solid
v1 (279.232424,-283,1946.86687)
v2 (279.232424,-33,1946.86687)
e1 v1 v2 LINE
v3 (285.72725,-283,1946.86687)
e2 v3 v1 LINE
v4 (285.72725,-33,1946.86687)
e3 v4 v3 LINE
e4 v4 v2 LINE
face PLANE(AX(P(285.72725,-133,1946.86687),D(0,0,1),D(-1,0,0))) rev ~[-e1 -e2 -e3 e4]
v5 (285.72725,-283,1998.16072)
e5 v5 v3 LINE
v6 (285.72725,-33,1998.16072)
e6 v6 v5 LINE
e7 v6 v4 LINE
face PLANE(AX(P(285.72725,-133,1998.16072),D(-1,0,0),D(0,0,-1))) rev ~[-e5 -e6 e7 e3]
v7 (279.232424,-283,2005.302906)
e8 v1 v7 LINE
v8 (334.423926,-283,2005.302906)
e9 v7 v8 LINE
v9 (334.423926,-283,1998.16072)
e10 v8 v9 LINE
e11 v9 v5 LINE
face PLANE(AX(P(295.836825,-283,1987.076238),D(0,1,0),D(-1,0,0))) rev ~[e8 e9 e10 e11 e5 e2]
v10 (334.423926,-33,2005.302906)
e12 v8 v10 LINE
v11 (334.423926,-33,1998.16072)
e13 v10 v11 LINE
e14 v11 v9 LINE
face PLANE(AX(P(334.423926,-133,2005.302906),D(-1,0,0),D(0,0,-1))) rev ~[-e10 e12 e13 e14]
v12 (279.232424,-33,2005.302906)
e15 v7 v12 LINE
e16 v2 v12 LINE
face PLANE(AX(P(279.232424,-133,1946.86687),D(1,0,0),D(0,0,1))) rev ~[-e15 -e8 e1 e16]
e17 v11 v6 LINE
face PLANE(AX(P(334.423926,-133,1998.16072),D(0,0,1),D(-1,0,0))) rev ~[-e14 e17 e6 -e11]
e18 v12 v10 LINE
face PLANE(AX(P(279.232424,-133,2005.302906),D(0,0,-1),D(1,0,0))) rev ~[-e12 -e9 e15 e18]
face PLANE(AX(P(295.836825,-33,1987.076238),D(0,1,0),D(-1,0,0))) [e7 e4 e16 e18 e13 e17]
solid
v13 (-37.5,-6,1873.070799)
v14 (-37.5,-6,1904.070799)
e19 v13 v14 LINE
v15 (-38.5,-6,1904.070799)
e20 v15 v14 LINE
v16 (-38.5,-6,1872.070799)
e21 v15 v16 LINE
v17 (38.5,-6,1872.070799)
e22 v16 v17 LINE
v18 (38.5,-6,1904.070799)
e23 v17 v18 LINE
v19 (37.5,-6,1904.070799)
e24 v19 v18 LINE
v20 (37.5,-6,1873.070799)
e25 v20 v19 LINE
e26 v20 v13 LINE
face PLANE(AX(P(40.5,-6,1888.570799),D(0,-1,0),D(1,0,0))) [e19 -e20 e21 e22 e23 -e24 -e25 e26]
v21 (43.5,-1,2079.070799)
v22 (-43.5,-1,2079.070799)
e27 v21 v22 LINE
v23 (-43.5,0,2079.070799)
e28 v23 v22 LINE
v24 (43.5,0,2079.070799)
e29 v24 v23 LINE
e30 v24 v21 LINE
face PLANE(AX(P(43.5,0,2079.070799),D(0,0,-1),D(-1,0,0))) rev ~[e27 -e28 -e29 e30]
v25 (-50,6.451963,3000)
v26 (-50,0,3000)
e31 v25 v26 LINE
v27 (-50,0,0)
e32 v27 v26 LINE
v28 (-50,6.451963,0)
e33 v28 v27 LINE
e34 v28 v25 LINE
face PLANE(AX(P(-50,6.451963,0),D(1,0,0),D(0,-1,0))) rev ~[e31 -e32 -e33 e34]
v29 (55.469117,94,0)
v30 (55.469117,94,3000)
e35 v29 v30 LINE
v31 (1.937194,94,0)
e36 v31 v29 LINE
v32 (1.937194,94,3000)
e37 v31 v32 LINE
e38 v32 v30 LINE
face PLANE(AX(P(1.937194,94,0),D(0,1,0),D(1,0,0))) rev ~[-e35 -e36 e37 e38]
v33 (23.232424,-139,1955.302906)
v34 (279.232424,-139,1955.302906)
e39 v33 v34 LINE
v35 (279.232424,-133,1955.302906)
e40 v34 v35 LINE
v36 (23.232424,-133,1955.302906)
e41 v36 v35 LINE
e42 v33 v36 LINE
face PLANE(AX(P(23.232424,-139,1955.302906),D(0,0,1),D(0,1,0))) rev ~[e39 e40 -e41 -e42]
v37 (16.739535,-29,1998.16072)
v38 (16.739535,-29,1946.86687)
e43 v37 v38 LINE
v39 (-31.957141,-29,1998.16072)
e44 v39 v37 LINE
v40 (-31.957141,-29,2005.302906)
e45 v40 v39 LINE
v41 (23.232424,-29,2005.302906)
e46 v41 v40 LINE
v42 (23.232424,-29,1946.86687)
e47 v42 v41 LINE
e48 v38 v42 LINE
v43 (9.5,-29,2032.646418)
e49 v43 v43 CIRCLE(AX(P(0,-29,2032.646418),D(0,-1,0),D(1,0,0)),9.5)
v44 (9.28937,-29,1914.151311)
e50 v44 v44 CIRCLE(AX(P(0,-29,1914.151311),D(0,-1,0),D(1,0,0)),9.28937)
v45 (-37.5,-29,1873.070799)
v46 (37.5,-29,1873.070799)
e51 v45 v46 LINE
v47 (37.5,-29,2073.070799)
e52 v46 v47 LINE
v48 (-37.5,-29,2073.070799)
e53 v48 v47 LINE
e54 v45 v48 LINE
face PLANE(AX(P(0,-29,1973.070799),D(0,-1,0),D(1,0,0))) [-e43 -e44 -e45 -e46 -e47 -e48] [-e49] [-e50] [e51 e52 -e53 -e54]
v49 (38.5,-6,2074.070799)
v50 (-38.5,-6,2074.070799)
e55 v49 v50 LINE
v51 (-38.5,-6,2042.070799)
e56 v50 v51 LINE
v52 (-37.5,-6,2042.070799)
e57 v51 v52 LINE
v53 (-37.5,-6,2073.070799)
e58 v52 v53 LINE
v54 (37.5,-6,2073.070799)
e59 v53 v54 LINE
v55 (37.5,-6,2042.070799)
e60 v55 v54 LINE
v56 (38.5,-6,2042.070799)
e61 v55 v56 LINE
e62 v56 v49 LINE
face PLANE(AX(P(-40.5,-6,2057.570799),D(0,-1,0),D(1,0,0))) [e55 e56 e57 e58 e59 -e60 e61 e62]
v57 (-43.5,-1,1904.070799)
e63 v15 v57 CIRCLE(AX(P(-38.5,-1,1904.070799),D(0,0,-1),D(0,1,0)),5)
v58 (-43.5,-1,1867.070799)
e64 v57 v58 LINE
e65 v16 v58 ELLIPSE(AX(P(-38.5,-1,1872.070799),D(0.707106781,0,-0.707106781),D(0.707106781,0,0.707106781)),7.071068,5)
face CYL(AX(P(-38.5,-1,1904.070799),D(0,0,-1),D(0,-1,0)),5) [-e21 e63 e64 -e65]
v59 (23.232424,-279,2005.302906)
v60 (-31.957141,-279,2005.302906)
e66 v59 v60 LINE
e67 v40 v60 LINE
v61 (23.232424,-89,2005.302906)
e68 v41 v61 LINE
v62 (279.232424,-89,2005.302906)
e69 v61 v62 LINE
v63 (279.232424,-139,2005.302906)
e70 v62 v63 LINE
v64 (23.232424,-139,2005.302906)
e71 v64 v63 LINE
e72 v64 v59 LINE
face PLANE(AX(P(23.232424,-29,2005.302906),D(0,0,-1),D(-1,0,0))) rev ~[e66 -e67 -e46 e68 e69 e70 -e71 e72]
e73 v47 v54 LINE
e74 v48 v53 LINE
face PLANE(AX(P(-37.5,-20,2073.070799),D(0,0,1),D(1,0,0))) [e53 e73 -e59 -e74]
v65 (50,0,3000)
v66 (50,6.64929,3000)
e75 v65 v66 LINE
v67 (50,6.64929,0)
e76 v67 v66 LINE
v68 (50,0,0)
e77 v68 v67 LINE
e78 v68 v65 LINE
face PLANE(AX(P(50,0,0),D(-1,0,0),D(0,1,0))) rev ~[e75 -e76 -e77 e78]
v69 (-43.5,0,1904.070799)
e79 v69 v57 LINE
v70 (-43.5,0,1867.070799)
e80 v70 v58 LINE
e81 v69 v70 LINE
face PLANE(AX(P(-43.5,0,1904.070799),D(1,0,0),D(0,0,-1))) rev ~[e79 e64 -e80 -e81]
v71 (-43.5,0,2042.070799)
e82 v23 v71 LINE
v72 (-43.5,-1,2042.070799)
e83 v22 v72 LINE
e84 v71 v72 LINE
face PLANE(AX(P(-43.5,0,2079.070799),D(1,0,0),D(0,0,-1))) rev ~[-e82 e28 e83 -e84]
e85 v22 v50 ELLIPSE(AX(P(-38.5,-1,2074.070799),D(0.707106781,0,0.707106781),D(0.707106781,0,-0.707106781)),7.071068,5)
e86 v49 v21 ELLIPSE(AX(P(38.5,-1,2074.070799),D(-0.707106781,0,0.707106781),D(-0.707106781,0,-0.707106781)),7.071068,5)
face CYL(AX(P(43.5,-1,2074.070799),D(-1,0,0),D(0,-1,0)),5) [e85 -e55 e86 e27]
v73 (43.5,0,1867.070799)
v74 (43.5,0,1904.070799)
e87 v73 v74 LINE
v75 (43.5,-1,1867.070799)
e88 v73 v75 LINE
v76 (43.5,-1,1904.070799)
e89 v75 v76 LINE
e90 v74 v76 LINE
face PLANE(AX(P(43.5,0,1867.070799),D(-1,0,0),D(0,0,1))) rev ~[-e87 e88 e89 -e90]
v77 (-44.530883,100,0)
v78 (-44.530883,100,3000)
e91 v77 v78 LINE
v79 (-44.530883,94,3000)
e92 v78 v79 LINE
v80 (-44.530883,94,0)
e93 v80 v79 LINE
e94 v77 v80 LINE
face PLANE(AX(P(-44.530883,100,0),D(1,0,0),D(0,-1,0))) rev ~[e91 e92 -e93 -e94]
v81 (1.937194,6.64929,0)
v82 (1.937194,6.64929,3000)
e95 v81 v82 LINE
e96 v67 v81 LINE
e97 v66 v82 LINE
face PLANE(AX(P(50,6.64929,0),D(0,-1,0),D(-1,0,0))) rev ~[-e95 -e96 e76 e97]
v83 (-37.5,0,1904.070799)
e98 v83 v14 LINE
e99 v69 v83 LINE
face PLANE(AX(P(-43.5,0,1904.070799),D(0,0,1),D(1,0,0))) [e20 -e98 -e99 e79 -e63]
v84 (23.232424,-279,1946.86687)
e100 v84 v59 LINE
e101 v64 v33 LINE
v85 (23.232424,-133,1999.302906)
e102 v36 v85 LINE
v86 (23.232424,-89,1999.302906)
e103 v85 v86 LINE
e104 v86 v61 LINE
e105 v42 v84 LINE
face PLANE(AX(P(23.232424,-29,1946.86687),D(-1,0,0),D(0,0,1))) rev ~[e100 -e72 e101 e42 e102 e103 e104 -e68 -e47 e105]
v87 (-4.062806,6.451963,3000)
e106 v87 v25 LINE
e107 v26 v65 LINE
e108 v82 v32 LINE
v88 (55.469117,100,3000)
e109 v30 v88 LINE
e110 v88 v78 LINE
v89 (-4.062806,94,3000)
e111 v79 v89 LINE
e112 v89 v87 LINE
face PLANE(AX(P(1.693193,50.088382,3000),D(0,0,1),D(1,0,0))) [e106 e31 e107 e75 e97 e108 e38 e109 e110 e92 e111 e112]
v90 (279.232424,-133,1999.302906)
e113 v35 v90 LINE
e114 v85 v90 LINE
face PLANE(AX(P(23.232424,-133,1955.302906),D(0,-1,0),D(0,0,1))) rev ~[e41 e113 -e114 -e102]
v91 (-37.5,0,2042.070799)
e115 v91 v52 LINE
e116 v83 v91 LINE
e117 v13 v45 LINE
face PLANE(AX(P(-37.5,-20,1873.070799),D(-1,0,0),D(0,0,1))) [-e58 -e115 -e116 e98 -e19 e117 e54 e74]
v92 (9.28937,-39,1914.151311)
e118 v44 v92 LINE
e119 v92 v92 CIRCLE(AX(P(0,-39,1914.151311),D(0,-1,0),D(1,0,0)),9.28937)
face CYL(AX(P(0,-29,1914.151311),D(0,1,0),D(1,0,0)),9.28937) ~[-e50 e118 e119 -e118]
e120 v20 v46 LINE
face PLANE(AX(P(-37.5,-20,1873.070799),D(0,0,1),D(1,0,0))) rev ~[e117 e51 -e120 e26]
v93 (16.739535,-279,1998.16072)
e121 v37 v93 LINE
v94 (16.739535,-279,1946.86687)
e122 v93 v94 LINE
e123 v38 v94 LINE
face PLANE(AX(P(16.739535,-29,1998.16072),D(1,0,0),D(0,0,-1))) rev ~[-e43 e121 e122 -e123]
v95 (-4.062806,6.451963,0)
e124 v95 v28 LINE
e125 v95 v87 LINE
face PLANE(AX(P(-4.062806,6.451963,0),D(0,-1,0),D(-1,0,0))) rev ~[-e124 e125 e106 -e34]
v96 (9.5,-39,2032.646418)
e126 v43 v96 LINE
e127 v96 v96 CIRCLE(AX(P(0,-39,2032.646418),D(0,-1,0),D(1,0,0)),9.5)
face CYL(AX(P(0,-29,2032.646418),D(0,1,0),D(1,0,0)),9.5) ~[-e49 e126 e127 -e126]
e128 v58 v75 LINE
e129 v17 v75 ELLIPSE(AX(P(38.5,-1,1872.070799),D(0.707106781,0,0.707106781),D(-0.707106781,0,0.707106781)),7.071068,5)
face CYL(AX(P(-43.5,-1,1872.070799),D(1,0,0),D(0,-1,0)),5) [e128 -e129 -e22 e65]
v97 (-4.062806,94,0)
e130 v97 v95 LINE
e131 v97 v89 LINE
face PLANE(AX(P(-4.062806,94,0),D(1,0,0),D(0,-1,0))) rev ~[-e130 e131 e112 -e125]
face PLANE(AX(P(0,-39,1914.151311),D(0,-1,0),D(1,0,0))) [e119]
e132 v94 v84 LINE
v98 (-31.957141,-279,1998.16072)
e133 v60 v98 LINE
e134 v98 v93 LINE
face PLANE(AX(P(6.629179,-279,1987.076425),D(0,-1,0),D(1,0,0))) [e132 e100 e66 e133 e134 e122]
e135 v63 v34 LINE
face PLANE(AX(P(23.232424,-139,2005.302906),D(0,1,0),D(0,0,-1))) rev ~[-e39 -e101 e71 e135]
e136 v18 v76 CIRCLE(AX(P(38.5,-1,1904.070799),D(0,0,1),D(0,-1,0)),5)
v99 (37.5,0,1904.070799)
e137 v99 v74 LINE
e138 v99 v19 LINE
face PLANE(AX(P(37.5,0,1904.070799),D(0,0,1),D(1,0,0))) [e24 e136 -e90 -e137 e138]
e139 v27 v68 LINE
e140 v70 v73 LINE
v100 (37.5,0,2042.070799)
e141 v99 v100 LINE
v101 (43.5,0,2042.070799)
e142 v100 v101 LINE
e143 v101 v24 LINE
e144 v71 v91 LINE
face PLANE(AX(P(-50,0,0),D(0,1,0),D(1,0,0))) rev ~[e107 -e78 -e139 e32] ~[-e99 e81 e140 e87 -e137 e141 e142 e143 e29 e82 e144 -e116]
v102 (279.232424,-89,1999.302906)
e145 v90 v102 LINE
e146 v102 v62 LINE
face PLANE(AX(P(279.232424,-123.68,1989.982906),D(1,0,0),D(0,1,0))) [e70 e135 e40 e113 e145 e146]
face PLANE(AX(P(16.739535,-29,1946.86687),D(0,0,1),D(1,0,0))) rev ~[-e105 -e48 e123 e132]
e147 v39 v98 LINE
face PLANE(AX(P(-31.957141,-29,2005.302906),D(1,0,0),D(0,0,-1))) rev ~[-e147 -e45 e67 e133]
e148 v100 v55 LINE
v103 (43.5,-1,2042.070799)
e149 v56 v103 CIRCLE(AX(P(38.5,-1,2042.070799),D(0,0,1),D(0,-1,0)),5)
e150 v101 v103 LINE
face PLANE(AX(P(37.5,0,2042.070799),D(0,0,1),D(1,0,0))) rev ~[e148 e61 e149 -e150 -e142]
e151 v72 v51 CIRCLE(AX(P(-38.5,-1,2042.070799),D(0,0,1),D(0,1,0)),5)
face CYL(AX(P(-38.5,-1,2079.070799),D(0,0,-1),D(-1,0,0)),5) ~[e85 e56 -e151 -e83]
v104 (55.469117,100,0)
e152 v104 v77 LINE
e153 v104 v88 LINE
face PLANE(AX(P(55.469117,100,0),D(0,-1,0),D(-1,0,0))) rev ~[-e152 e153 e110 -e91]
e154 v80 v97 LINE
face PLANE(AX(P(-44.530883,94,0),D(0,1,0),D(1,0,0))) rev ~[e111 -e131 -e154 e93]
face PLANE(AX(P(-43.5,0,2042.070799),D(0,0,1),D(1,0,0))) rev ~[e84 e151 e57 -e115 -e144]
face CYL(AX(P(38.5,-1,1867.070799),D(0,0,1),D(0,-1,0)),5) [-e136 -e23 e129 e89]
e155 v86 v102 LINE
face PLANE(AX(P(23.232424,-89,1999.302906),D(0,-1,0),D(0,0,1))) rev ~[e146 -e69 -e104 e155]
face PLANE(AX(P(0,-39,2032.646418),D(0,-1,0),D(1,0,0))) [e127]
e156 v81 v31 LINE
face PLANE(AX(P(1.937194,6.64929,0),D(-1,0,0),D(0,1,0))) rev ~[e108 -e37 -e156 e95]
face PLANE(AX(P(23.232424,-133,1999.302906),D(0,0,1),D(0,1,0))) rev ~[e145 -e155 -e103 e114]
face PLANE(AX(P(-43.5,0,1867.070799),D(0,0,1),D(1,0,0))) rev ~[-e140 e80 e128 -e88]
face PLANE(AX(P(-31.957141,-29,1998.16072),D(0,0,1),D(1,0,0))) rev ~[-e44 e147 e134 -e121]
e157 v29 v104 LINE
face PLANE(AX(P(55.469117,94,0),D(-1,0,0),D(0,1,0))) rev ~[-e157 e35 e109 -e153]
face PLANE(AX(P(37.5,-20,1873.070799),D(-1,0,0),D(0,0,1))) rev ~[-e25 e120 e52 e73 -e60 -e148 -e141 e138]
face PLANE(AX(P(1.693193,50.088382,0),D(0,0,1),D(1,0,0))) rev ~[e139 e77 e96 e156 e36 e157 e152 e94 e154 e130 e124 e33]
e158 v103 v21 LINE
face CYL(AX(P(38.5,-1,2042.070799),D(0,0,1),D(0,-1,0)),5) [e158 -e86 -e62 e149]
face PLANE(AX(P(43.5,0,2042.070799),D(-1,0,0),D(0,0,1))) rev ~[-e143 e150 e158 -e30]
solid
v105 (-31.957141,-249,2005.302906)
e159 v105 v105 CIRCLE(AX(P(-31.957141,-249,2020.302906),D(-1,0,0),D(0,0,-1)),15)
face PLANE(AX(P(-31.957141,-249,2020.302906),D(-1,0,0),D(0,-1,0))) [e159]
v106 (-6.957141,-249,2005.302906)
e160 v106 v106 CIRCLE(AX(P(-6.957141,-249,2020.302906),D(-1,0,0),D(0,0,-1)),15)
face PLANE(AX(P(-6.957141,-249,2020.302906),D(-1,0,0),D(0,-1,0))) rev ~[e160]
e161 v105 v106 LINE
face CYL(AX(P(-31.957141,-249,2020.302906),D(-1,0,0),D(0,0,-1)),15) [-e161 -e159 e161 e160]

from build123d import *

# Parameters (mm, degrees)
F1_DEPTH       = 3000
F2_W           = 75
F2_H           = 200
F3_DEPTH       = 20
F4_W           = 75
F4_H           = 200
F5_DEPTH       = 9
F6_R           = 9.5
F6_R_2         = 9.2893697212
F7_DEPTH       = 10
F9_DEPTH       = 250
F11_DEPTH      = 256
F13_DEPTH      = 150
F13_DEPTH_BACK = 100
F14_W          = 6
F14_H          = 31
F15_DEPTH      = 6
F16_R          = 5
F18_DEPTH      = 25


with BuildPart() as f1:
    # F0 (on Top) → F1 (new body)
    with BuildSketch(Plane.XY):
        Polygon((50, 6.6492896937), (1.9371941397, 6.6492896937), (1.9371941397, 94), (55.4691165686, 94), (55.4691165686, 100), (-44.5308834314, 100), (-44.5308834314, 94), (-4.0628058603, 94), (-4.0628058603, 6.4519625157), (-50, 6.4519625157), (-50, 0), (50, 0), align=None)
    extrude(amount=F1_DEPTH)

    # F2 (on face) → F3 (join)
    with BuildSketch(Plane.XZ):
        with Locations((0, 1973.070799336)):
            Rectangle(F2_W, F2_H)
    extrude(amount=F3_DEPTH)

    # F4 (on face) → F5 (join)
    with BuildSketch(Plane.XZ.offset(20)):
        with Locations((0, 1973.070799336)):
            Rectangle(F4_W, F4_H)
    extrude(amount=F5_DEPTH)

    # F6 (on face) → F7 (join)
    with BuildSketch(Plane.XZ.offset(29)):
        with Locations((0, 2032.6464176178)):
            Circle(F6_R)
        with Locations((0, 1914.1513109207)):
            Circle(F6_R_2)
    extrude(amount=F7_DEPTH)

    # F8 (on face) → F9 (join)
    with BuildSketch(Plane.XZ.offset(29)):
        Polygon((16.7395353317, 1946.8668699265), (23.2324238867, 1946.8668699265), (23.2324238867, 2005.3029060364), (-31.9571409374, 2005.3029060364), (-31.9571409374, 1998.1607198715), (16.7395353317, 1998.1607198715), align=None)
    extrude(amount=F9_DEPTH)

    # F10 (on face) → F11 (join)
    with BuildSketch(Plane.YZ.offset(23.2324238867)):
        Polygon((-139, 1955.3029060364), (-133, 1955.3029060364), (-133, 1999.3029060364), (-89, 1999.3029060364), (-89, 2005.3029060364), (-139, 2005.3029060364), align=None)
    extrude(amount=F11_DEPTH)

    # F14 (on face) → F15 (join)
    with BuildSketch(Plane.XZ):
        with Locations((-40.5, 2057.570799336)):
            Rectangle(F14_W, F14_H)
        Polygon((-43.5, 2073.070799336), (-37.5, 2073.070799336), (37.5, 2073.070799336), (43.5, 2073.070799336), (43.5, 2079.070799336), (-43.5, 2079.070799336), align=None)
        with Locations((40.5, 2057.570799336)):
            Rectangle(F14_W, F14_H)
        with Locations((40.5, 1888.570799336)):
            Rectangle(F14_W, F14_H)
        Polygon((-37.5, 1873.070799336), (-43.5, 1873.070799336), (-43.5, 1867.070799336), (43.5, 1867.070799336), (43.5, 1873.070799336), (37.5, 1873.070799336), align=None)
        with Locations((-40.5, 1888.570799336)):
            Rectangle(F14_W, F14_H)
    extrude(amount=F15_DEPTH)

    # F16
    f16_edges = [f1.edges().sort_by_distance(p)[0] for p in [
        (-43.5, -6, 2060.570799),
        (0, -6, 2079.070799),
        (43.5, -6, 2060.570799),
        (43.5, -6, 1885.570799),
        (0, -6, 1867.070799),
        (-43.5, -6, 1885.570799),
    ]]
    fillet(f16_edges, radius=F16_R)


with BuildPart() as f13:
    # F12 (on face) → F13 (new body, two sides)
    with BuildSketch(Plane(origin=(0, -133, 0), x_dir=(-1, 0, 0), z_dir=(0, 1, 0))) as f13_sk:
        Polygon((-285.7272495925, 1946.8668699265), (-279.2324238867, 1946.8668699265), (-279.2324238867, 2005.3029060364), (-334.4239258617, 2005.3029060364), (-334.4239258617, 1998.1607198715), (-285.7272495925, 1998.1607198715), align=None)
    extrude(amount=-F13_DEPTH)
    extrude(f13_sk.sketch, amount=F13_DEPTH_BACK)


with BuildPart() as f18:
    # F17 (on face) → F18 (new body)
    with BuildSketch(Plane(origin=(-31.9571409374, 0, 0), x_dir=(0, -1, 0), z_dir=(-1, 0, 0))):
        with BuildLine():
            ThreePointArc((264, 2020.3029060364), (238.3933982822, 2030.9095077542), (249, 2005.3029060364))
            ThreePointArc((249, 2005.3029060364), (259.6066017178, 2009.6963043186), (264, 2020.3029060364))
        make_face()
    extrude(amount=-F18_DEPTH)


solid = Compound([f1.part, f13.part, f18.part])
